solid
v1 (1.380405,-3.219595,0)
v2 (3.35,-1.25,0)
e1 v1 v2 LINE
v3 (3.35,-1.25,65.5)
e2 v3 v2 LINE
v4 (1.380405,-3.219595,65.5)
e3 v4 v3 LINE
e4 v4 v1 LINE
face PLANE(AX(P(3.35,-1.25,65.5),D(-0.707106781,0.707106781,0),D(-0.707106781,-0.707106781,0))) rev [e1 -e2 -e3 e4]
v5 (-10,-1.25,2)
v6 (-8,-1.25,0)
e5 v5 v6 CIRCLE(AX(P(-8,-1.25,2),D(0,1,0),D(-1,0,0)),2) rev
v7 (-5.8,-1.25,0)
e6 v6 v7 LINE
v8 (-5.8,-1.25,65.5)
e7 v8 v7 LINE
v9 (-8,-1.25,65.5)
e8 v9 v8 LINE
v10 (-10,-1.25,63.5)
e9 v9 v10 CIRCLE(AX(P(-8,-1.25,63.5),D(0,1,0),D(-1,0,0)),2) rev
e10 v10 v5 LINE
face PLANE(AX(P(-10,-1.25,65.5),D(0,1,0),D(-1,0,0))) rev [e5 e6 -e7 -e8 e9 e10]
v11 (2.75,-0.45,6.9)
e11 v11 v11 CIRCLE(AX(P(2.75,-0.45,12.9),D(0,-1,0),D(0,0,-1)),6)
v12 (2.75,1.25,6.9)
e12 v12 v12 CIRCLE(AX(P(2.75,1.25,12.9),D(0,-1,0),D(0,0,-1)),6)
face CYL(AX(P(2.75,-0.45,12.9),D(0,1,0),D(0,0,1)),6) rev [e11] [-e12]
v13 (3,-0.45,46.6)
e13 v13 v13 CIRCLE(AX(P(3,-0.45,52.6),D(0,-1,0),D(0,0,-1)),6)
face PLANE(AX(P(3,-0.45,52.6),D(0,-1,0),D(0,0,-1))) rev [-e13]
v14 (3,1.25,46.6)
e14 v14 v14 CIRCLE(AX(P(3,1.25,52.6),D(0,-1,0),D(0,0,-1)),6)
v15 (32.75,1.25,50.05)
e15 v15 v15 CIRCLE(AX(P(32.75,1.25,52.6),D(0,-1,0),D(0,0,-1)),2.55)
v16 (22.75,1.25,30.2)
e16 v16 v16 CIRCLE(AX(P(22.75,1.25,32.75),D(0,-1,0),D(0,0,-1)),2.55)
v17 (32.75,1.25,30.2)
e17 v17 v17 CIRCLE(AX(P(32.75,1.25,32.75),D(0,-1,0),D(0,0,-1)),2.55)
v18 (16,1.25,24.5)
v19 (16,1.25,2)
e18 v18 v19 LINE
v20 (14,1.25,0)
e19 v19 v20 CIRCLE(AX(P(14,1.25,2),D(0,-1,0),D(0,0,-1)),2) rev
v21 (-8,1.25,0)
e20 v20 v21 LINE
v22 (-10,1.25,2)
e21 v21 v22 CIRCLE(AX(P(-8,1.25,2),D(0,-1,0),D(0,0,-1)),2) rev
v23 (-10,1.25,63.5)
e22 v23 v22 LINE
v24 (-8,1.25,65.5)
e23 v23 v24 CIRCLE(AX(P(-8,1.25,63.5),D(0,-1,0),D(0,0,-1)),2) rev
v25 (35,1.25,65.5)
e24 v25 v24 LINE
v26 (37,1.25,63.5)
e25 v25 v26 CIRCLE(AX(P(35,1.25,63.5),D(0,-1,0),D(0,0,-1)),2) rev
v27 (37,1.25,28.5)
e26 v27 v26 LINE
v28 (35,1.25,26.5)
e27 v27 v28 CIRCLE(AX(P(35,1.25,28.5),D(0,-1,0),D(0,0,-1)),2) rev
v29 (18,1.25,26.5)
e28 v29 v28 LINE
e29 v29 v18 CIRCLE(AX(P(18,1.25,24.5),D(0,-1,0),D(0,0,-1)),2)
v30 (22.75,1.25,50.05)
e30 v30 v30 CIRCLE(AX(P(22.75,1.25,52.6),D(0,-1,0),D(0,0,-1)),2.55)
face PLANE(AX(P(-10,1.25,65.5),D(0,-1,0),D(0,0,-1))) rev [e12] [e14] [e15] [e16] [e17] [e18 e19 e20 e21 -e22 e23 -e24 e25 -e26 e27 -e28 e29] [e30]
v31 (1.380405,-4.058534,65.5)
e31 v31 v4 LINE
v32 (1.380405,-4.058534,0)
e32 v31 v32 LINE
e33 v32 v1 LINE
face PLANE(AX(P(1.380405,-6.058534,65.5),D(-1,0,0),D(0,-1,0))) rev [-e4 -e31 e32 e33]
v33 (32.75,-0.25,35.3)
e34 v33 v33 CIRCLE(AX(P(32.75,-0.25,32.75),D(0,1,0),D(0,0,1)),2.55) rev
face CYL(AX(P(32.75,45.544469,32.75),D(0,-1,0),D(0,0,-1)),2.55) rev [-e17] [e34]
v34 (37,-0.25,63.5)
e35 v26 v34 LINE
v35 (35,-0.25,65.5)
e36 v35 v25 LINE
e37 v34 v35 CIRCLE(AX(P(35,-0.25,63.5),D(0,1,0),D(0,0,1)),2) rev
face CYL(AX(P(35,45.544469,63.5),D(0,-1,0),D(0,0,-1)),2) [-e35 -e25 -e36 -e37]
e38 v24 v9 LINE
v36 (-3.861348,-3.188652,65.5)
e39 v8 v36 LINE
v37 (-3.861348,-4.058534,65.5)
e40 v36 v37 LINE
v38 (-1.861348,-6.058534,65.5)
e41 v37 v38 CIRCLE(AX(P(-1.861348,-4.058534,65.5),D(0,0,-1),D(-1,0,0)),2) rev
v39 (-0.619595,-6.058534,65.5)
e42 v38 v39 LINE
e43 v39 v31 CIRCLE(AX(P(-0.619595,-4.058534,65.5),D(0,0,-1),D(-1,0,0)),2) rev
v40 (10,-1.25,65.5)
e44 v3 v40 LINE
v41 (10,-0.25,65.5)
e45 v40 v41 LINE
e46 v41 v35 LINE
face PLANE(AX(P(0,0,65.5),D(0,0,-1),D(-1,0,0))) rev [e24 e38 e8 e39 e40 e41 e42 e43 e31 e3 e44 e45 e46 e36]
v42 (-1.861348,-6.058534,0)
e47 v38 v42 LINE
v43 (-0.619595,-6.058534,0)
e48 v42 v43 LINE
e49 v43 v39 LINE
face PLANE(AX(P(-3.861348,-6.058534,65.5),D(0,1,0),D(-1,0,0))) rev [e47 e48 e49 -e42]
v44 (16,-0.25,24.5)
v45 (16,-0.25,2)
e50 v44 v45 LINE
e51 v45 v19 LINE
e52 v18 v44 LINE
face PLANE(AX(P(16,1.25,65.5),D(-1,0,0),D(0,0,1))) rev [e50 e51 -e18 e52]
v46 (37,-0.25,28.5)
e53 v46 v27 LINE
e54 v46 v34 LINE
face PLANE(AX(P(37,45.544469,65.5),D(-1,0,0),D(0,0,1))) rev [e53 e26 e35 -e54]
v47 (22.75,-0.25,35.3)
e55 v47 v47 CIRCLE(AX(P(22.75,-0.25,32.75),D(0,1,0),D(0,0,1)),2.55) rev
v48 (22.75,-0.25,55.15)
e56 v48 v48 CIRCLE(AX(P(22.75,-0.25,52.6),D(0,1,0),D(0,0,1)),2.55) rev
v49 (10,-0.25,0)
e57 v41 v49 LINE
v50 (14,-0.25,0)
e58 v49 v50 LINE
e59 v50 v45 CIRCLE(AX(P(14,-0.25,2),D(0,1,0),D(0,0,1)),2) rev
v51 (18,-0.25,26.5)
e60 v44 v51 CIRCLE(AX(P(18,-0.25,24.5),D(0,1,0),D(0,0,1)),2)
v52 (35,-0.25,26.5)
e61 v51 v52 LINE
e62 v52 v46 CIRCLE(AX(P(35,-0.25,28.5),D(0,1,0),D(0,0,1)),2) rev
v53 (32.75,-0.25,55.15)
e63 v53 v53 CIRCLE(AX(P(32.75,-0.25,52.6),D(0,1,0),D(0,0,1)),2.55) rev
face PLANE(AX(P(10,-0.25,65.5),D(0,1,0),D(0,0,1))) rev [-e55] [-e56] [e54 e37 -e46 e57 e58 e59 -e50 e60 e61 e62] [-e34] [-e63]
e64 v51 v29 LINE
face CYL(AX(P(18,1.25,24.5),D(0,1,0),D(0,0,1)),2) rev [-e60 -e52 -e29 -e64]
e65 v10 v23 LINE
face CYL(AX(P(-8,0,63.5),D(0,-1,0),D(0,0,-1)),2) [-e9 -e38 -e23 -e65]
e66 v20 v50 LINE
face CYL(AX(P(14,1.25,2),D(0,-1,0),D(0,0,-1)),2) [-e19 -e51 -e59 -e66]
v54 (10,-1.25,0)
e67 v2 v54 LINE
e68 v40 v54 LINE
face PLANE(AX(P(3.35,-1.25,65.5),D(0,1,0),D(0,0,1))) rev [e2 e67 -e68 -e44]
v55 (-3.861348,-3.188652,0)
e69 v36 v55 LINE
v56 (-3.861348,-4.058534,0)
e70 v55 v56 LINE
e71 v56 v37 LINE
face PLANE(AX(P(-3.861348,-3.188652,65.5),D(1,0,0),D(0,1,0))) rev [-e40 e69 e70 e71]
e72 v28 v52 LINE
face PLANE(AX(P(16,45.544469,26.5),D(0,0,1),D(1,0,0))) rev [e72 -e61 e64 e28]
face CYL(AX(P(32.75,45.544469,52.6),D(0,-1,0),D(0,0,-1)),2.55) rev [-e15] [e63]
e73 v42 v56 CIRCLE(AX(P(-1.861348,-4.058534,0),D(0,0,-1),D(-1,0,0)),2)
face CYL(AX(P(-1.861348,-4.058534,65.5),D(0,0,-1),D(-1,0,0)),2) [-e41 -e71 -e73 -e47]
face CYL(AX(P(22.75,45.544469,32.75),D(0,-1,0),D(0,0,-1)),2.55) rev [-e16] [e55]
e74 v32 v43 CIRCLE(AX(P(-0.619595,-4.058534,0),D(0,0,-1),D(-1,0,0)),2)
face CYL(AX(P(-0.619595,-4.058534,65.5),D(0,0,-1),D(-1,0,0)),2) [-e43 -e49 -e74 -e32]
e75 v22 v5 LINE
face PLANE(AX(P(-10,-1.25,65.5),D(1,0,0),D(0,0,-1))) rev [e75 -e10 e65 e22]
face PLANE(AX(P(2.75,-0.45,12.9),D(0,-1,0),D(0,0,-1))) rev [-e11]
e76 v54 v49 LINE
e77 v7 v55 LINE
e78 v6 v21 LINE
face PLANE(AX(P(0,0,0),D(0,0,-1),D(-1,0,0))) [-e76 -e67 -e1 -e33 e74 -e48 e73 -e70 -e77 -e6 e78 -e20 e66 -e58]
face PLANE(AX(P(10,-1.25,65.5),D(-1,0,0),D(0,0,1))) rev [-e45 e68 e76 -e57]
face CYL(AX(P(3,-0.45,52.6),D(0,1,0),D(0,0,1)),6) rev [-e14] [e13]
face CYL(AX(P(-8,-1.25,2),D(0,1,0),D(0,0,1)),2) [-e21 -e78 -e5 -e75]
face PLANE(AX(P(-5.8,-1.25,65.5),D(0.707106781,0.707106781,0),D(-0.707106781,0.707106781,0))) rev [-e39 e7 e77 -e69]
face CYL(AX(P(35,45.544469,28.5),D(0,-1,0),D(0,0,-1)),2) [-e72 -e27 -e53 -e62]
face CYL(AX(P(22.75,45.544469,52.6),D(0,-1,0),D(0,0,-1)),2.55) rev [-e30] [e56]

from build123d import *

# Parameters (mm, degrees)
BOSS_EXTRUDE1_DEPTH             = 65.5
CUT_EXTRUDE1_START              = 1.25
SKETCH2_R                       = 6
CUT_EXTRUDE1_DEPTH              = 1.7
BOSS_EXTRUDE2_REACH             = 69.698
SKETCH3_W                       = 21
SKETCH3_H                       = 39
SKETCH3_R                       = 2.55
BOSS_EXTRUDE2_DIRECTION_2_REACH = 69.698
FILLET1_R                       = 2


with BuildPart() as part:
    # Sketch1 → Boss-Extrude1 (new body)
    with BuildSketch(Plane.XY):
        Polygon((-10, -1.25), (-5.8, -1.25), (-3.861348368, -3.188651632), (-3.861348368, -6.058534431), (1.380405129, -6.058534431), (1.380405129, -3.219594871), (3.35, -1.25), (10, -1.25), (10, -0.25), (16, -0.25), (16, 1.25), (10, 1.25), (-10, 1.25), align=None)
    extrude(amount=BOSS_EXTRUDE1_DEPTH)

    # Sketch2 → Cut-Extrude1 (cut)
    with BuildSketch(Plane(origin=(0, 0, 0), x_dir=(1, 0, 0), z_dir=(0, 1, 0)).offset(CUT_EXTRUDE1_START)):
        with Locations(Location((2.75, -12.9, 0), (0, 0, 90))):
            Circle(SKETCH2_R)
        with Locations(Location((3, -52.6, 0), (0, 0, 90))):
            Circle(SKETCH2_R)
    extrude(amount=-CUT_EXTRUDE1_DEPTH, mode=Mode.SUBTRACT)

    # Boss-Extrude2: up to this face of the body (flat: up to its plane)
    boss_extrude2_end = Plane(part.part.faces().sort_by_distance((3.019145607, 1.25, 32.75))[0])
    # Sketch3 → Boss-Extrude2 (add, up to the picked face)
    with BuildSketch(Plane(origin=(0, 0, 0), x_dir=(1, 0, 0), z_dir=(0, 1, 0)), mode=Mode.PRIVATE) as boss_extrude2_sk1:
        with Locations((26.5, -46)):
            Rectangle(SKETCH3_W, SKETCH3_H)
        with Locations(Location((32.75, -52.6, 0), (0, 0, 90))):
            Circle(SKETCH3_R, mode=Mode.SUBTRACT)
        with Locations(Location((32.75, -32.75, 0), (0, 0, 90))):
            Circle(SKETCH3_R, mode=Mode.SUBTRACT)
        with Locations(Location((22.75, -52.6, 0), (0, 0, 90))):
            Circle(SKETCH3_R, mode=Mode.SUBTRACT)
        with Locations(Location((22.75, -32.75, 0), (0, 0, 90))):
            Circle(SKETCH3_R, mode=Mode.SUBTRACT)
    boss_extrude2_tool1 = split(extrude(boss_extrude2_sk1.sketch, amount=BOSS_EXTRUDE2_REACH, mode=Mode.PRIVATE), bisect_by=boss_extrude2_end, keep=Keep.BOTH, mode=Mode.PRIVATE)
    add(boss_extrude2_tool1.solids().sort_by(Axis((26.361464, 0, 46.368507), (0, 1, 0)))[0])

    # Boss-Extrude2 direction 2: up to this face of the body (flat: up to its plane)
    boss_extrude2_direction_2_end = Plane(part.part.faces().sort_by_distance((13, -0.25, 32.75))[0])
    # Sketch3 → Boss-Extrude2 direction 2 (add, up to the picked face)
    with BuildSketch(Plane(origin=(0, 0, 0), x_dir=(1, 0, 0), z_dir=(0, 1, 0)), mode=Mode.PRIVATE) as boss_extrude2_direction_2_sk1:
        with Locations((26.5, -46)):
            Rectangle(SKETCH3_W, SKETCH3_H)
        with Locations(Location((32.75, -52.6, 0), (0, 0, 90))):
            Circle(SKETCH3_R, mode=Mode.SUBTRACT)
        with Locations(Location((32.75, -32.75, 0), (0, 0, 90))):
            Circle(SKETCH3_R, mode=Mode.SUBTRACT)
        with Locations(Location((22.75, -52.6, 0), (0, 0, 90))):
            Circle(SKETCH3_R, mode=Mode.SUBTRACT)
        with Locations(Location((22.75, -32.75, 0), (0, 0, 90))):
            Circle(SKETCH3_R, mode=Mode.SUBTRACT)
    boss_extrude2_direction_2_tool1 = split(extrude(boss_extrude2_direction_2_sk1.sketch, amount=-BOSS_EXTRUDE2_DIRECTION_2_REACH, mode=Mode.PRIVATE), bisect_by=boss_extrude2_direction_2_end, keep=Keep.BOTH, mode=Mode.PRIVATE)
    add(boss_extrude2_direction_2_tool1.solids().sort_by(Axis((26.361464, 0, 46.368507), (0, -1, 0)))[0])

    # Fillet1
    fillet1_edges = [part.edges().sort_by_distance(p)[0] for p in [
        (-10, 0, 65.5),
        (16, 0.5, 0),
        (-10, 0, 0),
        (1.380405129, -6.058534431, 32.75),
        (-3.861348368, -6.058534431, 32.75),
        (37, 0.5, 65.5),
        (37, 0.5, 26.5),
        (16, 0.5, 26.5),
    ]]
    fillet(fillet1_edges, radius=FILLET1_R)


solid = part.part
